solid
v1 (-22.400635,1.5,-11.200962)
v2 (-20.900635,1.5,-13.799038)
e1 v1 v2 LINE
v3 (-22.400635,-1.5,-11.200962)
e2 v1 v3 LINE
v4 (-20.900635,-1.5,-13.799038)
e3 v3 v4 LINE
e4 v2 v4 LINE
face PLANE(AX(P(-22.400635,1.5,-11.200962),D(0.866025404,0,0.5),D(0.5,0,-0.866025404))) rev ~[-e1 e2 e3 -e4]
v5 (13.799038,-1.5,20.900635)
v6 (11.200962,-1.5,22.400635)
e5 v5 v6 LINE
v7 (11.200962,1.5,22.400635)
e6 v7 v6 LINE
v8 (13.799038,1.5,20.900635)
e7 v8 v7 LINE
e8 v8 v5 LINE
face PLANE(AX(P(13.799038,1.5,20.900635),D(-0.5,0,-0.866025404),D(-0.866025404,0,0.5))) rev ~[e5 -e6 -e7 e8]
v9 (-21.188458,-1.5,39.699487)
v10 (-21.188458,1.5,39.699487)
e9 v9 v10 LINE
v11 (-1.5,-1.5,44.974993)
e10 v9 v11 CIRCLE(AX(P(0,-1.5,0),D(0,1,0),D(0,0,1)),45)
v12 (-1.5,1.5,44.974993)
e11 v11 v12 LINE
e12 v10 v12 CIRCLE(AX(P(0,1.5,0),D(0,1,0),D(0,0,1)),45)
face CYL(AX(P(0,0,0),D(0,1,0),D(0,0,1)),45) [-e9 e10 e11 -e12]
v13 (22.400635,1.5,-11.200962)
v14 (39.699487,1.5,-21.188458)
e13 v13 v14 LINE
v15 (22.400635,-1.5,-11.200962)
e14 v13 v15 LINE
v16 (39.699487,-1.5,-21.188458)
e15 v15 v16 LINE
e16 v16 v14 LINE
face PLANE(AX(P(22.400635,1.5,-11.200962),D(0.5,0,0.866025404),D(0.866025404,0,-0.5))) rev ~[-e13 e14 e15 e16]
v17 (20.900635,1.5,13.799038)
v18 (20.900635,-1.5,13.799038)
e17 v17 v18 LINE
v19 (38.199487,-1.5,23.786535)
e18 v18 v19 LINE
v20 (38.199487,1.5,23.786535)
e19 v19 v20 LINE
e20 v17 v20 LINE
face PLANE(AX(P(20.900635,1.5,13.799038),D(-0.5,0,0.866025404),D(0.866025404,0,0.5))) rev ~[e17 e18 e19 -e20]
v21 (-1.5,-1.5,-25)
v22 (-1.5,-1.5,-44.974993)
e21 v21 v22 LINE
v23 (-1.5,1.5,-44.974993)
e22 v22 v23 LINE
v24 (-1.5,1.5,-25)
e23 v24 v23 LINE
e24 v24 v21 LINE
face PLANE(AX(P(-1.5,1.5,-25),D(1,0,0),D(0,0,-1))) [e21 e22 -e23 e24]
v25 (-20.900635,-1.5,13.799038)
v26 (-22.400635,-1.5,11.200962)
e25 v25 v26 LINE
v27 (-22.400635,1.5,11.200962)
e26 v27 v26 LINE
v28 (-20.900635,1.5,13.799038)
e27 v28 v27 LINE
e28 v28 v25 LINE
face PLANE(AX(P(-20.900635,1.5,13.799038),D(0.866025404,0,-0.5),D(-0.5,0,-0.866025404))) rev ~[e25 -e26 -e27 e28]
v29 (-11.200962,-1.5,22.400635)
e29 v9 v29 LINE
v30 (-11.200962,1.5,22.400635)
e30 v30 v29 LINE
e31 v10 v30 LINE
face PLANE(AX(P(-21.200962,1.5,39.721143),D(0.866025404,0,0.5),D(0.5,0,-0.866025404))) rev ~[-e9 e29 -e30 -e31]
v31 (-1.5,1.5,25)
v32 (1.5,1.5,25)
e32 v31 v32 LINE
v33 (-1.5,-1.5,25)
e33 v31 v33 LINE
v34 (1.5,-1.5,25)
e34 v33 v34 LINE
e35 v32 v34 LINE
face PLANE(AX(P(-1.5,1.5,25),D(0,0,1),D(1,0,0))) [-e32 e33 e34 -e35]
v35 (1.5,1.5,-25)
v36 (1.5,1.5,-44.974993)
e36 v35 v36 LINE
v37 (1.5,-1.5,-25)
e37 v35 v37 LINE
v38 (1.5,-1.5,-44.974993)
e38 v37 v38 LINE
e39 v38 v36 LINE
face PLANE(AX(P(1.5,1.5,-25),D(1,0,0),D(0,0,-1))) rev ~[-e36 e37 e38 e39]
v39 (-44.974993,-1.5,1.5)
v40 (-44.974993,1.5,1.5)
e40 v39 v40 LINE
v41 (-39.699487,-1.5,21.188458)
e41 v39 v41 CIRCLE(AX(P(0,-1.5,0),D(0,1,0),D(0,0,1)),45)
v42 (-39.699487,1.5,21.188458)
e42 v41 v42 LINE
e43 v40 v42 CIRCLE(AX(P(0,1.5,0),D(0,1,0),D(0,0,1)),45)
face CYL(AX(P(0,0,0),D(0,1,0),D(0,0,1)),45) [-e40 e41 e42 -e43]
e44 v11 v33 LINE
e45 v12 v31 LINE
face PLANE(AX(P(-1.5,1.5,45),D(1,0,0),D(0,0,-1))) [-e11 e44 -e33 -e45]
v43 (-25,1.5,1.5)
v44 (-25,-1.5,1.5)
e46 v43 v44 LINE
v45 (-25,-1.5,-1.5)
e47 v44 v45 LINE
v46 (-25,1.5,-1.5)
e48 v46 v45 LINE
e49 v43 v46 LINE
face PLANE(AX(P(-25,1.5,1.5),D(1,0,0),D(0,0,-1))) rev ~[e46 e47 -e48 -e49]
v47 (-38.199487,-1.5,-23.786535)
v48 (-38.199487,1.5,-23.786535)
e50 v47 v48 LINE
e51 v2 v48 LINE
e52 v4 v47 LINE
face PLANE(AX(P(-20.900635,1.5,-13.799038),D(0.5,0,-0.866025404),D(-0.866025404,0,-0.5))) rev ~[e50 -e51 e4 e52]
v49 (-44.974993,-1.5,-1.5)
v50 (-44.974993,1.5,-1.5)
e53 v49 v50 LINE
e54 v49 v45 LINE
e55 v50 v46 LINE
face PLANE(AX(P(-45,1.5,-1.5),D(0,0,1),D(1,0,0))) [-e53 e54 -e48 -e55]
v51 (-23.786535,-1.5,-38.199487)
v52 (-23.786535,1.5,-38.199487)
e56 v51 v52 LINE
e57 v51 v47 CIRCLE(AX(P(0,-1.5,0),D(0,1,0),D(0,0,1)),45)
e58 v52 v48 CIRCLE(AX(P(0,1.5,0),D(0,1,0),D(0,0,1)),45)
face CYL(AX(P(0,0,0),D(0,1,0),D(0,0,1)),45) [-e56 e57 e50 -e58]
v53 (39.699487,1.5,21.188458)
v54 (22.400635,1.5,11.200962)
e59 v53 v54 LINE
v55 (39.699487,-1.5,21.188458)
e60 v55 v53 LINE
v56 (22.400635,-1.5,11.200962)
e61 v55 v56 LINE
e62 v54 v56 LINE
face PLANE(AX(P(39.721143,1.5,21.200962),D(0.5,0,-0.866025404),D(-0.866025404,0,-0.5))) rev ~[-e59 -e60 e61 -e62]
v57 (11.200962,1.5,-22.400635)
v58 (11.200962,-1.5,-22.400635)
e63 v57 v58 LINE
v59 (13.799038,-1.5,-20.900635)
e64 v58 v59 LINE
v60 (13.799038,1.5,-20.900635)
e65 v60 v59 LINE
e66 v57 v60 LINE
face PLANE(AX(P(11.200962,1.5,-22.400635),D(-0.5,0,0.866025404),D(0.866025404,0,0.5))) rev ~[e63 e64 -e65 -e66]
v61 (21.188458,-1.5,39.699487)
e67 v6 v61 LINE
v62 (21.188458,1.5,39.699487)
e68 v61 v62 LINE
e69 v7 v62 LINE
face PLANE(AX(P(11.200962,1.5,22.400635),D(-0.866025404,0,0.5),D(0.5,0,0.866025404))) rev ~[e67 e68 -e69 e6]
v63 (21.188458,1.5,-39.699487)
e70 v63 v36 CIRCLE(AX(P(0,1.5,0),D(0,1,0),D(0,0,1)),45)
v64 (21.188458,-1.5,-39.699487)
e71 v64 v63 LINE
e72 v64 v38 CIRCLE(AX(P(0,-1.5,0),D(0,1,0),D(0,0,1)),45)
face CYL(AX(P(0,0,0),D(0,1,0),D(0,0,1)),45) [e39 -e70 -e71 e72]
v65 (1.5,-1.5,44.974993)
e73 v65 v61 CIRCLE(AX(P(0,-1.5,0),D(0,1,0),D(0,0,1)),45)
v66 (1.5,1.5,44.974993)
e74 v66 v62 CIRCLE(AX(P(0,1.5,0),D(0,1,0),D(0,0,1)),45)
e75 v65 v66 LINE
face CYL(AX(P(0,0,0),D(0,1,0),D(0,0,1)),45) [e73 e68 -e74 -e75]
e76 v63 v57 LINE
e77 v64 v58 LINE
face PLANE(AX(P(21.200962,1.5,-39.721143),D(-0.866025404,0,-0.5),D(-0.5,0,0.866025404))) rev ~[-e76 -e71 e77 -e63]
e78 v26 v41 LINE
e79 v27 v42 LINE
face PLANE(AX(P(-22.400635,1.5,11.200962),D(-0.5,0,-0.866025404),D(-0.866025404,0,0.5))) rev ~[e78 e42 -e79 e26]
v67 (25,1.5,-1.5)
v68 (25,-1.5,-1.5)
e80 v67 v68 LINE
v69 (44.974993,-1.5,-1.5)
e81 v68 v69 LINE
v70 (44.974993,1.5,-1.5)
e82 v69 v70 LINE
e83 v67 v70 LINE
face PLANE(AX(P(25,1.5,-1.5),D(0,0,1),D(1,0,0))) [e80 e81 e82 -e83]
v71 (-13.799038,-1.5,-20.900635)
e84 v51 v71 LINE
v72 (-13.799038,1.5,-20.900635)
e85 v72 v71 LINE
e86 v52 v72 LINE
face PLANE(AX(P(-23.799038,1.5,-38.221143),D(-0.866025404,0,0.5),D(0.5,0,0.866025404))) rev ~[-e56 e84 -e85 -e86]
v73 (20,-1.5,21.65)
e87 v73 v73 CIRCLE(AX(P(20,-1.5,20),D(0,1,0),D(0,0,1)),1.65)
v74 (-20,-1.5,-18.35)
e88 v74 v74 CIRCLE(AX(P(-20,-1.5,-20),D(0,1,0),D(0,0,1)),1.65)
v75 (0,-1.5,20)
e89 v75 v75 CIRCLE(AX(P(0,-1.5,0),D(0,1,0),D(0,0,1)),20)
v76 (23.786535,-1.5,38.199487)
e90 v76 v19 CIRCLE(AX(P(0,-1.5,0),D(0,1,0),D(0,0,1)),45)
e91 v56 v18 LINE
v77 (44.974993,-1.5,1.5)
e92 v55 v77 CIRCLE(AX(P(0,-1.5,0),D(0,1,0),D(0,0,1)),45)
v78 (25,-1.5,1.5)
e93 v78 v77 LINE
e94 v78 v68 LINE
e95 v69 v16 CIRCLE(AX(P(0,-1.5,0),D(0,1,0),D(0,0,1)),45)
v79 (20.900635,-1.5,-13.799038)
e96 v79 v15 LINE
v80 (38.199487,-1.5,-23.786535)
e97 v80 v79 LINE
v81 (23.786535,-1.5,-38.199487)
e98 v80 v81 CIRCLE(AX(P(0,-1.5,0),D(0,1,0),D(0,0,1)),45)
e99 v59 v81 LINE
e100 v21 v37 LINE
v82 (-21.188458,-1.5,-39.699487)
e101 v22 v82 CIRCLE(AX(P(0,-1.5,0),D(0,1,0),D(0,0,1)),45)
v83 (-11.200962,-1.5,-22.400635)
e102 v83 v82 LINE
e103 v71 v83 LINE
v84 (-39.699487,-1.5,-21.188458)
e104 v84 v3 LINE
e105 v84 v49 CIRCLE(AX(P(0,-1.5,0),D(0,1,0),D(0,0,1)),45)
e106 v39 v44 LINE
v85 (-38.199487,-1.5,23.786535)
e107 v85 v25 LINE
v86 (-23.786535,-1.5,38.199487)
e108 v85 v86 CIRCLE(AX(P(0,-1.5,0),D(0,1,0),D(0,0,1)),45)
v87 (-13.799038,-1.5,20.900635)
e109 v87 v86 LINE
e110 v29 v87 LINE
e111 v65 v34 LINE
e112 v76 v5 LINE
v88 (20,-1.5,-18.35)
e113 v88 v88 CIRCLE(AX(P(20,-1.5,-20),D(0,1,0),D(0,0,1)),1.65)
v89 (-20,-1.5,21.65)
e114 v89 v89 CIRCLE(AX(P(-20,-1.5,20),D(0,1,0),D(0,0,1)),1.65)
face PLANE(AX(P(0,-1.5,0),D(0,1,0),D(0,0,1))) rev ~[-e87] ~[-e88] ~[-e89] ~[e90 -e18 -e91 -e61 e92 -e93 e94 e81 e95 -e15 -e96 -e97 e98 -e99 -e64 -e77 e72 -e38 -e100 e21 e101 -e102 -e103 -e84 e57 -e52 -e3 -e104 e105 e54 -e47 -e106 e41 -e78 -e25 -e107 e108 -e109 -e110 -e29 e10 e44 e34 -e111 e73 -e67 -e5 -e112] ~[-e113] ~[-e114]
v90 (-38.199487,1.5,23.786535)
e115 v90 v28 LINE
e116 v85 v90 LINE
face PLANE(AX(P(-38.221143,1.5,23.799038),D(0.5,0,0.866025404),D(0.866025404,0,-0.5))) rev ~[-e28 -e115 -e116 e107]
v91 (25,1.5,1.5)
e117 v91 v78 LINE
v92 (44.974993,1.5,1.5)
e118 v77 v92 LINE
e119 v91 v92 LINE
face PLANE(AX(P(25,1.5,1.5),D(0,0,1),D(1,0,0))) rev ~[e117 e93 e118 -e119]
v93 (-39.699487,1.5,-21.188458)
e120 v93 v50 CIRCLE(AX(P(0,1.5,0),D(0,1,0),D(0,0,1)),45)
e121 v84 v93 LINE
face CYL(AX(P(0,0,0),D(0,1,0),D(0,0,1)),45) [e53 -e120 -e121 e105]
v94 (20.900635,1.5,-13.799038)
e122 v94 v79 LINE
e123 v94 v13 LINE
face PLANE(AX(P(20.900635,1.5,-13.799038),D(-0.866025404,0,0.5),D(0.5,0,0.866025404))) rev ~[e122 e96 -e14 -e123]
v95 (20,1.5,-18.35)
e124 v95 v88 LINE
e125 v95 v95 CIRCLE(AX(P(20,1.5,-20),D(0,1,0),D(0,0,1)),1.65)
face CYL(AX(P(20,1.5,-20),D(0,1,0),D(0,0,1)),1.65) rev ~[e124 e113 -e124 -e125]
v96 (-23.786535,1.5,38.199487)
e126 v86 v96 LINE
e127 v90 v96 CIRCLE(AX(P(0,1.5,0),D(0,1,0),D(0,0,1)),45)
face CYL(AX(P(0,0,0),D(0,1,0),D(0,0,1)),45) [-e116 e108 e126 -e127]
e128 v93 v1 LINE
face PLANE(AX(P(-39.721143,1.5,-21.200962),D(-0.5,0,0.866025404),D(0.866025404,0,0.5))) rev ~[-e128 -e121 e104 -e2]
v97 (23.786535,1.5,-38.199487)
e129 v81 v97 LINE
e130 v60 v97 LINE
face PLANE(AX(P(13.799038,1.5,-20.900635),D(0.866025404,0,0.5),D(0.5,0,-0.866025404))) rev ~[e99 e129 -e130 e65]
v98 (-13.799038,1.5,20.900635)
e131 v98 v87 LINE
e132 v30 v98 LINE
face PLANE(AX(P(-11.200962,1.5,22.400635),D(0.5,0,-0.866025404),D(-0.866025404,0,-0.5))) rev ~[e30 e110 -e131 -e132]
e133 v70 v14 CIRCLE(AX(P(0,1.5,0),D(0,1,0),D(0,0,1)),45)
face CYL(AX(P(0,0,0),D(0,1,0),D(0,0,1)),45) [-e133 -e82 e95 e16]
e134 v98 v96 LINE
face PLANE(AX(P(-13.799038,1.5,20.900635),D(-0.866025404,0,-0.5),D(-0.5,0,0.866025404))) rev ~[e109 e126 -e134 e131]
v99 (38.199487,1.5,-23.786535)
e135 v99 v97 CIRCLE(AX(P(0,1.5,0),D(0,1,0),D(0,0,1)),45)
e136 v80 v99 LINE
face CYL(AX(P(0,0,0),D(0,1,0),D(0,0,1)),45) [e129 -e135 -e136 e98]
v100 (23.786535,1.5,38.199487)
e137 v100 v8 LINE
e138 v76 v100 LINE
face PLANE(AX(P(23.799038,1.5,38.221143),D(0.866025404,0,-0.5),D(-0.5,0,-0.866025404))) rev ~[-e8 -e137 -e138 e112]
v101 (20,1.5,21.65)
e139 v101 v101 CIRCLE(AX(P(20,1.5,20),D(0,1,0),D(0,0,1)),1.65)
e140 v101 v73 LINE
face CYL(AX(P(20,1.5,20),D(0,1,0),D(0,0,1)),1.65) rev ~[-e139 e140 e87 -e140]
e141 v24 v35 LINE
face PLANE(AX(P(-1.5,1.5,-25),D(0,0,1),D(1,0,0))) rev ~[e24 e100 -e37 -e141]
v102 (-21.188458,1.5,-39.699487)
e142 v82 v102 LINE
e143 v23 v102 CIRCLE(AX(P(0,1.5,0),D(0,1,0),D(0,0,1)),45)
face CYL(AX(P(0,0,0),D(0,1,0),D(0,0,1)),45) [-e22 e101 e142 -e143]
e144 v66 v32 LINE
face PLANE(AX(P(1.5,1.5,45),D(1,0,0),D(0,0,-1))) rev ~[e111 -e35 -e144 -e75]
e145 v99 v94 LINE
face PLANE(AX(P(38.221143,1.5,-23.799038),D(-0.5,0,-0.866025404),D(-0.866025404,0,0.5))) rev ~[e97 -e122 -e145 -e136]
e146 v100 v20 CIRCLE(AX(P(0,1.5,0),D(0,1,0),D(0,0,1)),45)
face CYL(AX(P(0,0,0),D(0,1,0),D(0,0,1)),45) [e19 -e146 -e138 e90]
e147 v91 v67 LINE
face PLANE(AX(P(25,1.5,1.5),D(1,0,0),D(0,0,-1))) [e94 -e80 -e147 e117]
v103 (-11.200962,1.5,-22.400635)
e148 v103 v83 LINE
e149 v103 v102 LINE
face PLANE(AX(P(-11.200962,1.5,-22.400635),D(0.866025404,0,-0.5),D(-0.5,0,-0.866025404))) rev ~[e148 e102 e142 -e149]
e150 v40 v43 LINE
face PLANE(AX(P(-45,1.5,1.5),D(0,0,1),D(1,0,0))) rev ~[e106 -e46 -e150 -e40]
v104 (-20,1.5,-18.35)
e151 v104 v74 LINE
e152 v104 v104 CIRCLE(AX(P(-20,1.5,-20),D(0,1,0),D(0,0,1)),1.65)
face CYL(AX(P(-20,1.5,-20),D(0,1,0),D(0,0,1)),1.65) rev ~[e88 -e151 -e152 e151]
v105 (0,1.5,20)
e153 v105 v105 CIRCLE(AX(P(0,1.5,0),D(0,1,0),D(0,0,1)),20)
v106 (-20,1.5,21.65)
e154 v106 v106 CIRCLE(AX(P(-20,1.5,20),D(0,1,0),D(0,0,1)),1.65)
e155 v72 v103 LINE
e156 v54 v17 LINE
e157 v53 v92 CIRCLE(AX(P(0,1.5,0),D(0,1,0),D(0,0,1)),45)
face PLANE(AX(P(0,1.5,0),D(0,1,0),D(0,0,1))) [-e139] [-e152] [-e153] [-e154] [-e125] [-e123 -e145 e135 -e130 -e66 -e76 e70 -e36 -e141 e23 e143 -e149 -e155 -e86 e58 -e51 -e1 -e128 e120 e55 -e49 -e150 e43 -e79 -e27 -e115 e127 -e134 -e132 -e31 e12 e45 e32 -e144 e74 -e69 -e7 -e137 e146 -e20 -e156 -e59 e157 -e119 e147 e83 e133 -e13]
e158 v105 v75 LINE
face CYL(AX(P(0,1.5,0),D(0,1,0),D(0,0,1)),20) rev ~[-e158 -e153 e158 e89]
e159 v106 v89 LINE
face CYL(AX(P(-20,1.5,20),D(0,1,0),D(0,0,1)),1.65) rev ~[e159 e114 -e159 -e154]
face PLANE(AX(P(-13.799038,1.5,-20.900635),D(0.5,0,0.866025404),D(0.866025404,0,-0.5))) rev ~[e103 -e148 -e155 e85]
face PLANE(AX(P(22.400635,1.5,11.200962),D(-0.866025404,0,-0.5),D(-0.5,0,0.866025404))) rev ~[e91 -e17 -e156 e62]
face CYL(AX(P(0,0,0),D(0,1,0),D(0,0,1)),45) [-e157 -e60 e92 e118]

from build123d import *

# Parameters (mm, degrees)
SKETCH1_R           = 45
SKETCH1_R_2         = 10
BOSS_EXTRUDE1_DEPTH = 1.5
SKETCH2_R           = 1.65
CUT_EXTRUDE1_DEPTH  = 10
SKETCH3_W           = 3
SKETCH3_H           = 20
SKETCH3_W_2         = 20
SKETCH3_H_2         = 3
CUT_EXTRUDE2_DEPTH  = 10
SKETCH4_R           = 20
CUT_EXTRUDE3_DEPTH  = 10


with BuildPart() as part:
    # Sketch1 → Boss-Extrude1 (new, symmetric)
    with BuildSketch(Plane(origin=(0, 0, 0), x_dir=(1, 0, 0), z_dir=(0, 1, 0))):
        with Locations(Location((0, 0, 0), (0, 0, 270))):
            Circle(SKETCH1_R)
        with Locations(Location((0, 0, 0), (0, 0, 270))):
            Circle(SKETCH1_R_2, mode=Mode.SUBTRACT)
    extrude(amount=BOSS_EXTRUDE1_DEPTH, both=True)

    # Sketch2 → Cut-Extrude1 (cut)
    with BuildSketch(Plane(origin=(0, 1.5, 0), x_dir=(1, 0, 0), z_dir=(0, 1, 0))):
        with Locations(Location((-20, -20, 0), (0, 0, 270))):
            Circle(SKETCH2_R)
        with Locations(Location((-20, 20, 0), (0, 0, 270))):
            Circle(SKETCH2_R)
        with Locations(Location((20, 20, 0), (0, 0, 270))):
            Circle(SKETCH2_R)
        with Locations(Location((20, -20, 0), (0, 0, 270))):
            Circle(SKETCH2_R)
    extrude(amount=-CUT_EXTRUDE1_DEPTH, mode=Mode.SUBTRACT)

    # Sketch3 → Cut-Extrude2 (cut)
    with BuildSketch(Plane(origin=(0, 1.5, 0), x_dir=(1, 0, 0), z_dir=(0, 1, 0))):
        with Locations((0, -35)):
            Rectangle(SKETCH3_W, SKETCH3_H)
        Polygon((-13.799038106, -20.900635095), (-23.799038106, -38.22114317), (-21.200961894, -39.72114317), (-11.200961894, -22.400635095), align=None)
        Polygon((-22.400635095, -11.200961894), (-39.72114317, -21.200961894), (-38.22114317, -23.799038106), (-20.900635095, -13.799038106), align=None)
        with Locations((-35, 0)):
            Rectangle(SKETCH3_W_2, SKETCH3_H_2)
        Polygon((-20.900635095, 13.799038106), (-38.22114317, 23.799038106), (-39.72114317, 21.200961894), (-22.400635095, 11.200961894), align=None)
        Polygon((-11.200961894, 22.400635095), (-21.200961894, 39.72114317), (-23.799038106, 38.22114317), (-13.799038106, 20.900635095), align=None)
        with Locations((0, 35)):
            Rectangle(SKETCH3_W, SKETCH3_H)
        Polygon((13.799038106, 20.900635095), (23.799038106, 38.22114317), (21.200961894, 39.72114317), (11.200961894, 22.400635095), align=None)
        Polygon((22.400635095, 11.200961894), (39.72114317, 21.200961894), (38.22114317, 23.799038106), (20.900635095, 13.799038106), align=None)
        with Locations((35, 0)):
            Rectangle(SKETCH3_W_2, SKETCH3_H_2)
        Polygon((20.900635095, -13.799038106), (38.22114317, -23.799038106), (39.72114317, -21.200961894), (22.400635095, -11.200961894), align=None)
        Polygon((11.200961894, -22.400635095), (21.200961894, -39.72114317), (23.799038106, -38.22114317), (13.799038106, -20.900635095), align=None)
    extrude(amount=-CUT_EXTRUDE2_DEPTH, mode=Mode.SUBTRACT)

    # Sketch4 → Cut-Extrude3 (cut)
    with BuildSketch(Plane(origin=(0, 1.5, 0), x_dir=(1, 0, 0), z_dir=(0, 1, 0))):
        with Locations(Location((0, 0, 0), (0, 0, 270))):
            Circle(SKETCH4_R)
    extrude(amount=-CUT_EXTRUDE3_DEPTH, mode=Mode.SUBTRACT)


solid = part.part
